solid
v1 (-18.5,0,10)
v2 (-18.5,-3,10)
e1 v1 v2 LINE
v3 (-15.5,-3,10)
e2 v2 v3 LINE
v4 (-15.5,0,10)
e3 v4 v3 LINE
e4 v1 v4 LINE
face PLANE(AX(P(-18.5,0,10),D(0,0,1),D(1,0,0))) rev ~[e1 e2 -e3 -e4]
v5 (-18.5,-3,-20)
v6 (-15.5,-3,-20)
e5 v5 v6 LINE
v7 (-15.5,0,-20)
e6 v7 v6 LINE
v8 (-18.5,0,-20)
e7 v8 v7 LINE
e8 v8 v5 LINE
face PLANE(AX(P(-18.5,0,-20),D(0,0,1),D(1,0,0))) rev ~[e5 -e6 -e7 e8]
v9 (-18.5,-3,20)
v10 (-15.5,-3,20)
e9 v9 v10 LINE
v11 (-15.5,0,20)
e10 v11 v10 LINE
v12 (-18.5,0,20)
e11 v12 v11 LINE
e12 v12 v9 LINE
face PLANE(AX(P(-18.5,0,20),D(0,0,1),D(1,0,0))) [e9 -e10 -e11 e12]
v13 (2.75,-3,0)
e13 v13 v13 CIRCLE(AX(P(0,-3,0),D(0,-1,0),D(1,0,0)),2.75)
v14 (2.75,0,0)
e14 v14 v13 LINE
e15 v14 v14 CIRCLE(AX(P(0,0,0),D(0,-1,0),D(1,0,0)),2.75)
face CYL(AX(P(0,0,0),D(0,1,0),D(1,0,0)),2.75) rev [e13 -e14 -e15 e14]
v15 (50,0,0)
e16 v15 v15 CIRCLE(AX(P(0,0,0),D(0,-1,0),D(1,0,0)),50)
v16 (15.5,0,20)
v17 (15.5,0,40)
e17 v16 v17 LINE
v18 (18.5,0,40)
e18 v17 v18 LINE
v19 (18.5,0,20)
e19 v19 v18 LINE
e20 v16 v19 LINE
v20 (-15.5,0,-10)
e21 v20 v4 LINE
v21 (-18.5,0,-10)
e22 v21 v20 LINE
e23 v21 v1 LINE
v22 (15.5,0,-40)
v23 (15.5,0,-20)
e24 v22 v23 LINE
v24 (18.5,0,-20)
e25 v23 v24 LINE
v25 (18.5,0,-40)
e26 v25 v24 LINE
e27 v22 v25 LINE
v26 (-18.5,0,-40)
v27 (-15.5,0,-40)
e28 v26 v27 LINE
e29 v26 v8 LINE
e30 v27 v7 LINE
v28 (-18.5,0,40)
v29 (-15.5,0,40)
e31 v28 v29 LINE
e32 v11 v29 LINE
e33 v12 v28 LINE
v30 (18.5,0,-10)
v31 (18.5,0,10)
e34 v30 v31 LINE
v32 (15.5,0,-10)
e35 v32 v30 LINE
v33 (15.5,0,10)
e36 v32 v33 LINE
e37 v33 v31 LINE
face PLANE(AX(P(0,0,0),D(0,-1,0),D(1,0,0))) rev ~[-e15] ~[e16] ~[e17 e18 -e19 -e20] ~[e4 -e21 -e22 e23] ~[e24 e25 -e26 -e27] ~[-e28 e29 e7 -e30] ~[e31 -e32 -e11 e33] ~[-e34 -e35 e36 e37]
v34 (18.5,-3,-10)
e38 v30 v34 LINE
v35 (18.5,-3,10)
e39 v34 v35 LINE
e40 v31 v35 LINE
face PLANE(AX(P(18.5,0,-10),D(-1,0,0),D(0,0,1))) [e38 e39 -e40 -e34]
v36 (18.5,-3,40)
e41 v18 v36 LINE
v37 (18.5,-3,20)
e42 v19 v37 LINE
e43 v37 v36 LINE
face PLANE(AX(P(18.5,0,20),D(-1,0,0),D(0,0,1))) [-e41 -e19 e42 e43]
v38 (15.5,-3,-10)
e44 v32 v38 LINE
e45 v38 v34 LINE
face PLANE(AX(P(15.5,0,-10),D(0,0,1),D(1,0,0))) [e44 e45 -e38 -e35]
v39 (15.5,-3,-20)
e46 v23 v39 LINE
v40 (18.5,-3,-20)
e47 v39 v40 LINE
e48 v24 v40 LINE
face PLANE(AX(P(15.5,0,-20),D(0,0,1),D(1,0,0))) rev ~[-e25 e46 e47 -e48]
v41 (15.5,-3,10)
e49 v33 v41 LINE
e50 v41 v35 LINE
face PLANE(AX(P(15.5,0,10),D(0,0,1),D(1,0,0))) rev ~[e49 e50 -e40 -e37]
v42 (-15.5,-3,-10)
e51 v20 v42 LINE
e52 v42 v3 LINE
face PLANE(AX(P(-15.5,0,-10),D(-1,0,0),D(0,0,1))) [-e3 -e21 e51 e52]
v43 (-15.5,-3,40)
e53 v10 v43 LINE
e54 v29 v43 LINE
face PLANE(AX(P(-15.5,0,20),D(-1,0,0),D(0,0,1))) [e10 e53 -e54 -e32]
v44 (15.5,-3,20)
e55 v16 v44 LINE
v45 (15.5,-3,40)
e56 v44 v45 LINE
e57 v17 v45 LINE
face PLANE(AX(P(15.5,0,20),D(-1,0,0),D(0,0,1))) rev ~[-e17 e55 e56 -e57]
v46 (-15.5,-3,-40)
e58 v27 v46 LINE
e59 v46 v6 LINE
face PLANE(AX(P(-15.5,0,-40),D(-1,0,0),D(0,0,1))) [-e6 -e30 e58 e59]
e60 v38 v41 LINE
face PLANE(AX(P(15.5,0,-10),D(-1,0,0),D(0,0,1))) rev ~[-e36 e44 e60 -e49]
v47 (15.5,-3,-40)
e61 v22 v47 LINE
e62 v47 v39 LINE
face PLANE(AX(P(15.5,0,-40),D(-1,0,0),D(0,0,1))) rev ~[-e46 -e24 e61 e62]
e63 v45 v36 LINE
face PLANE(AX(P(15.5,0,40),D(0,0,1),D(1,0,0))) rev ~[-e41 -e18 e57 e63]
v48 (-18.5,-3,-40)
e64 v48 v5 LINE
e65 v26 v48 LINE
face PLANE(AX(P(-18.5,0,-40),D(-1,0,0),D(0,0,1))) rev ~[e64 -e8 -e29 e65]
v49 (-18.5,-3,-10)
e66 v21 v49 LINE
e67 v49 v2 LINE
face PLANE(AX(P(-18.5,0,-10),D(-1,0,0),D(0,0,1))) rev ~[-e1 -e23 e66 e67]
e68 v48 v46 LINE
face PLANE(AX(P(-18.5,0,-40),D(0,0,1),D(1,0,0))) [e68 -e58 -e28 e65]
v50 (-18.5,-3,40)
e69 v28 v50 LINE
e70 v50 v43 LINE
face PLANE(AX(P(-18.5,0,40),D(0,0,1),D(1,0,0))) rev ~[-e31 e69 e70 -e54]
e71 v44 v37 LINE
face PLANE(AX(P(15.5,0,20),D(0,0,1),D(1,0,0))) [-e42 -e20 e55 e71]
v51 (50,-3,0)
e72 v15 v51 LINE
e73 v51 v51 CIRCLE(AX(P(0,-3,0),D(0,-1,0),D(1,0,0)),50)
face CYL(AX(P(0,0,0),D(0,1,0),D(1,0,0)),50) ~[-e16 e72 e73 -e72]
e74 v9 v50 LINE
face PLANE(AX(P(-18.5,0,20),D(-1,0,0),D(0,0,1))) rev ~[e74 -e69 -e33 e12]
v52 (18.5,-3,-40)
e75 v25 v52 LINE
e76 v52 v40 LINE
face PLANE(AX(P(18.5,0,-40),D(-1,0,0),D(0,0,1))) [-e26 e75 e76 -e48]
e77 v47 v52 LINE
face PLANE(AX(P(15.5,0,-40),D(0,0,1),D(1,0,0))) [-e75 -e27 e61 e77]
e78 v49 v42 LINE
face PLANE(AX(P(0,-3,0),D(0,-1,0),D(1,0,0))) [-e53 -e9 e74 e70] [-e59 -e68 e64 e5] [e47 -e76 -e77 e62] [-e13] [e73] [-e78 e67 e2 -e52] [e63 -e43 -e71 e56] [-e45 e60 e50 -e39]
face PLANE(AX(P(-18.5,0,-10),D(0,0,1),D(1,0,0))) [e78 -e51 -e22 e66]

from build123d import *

# Parameters (mm, degrees)
F0_R     = 50
F0_W     = 3
F0_H     = 20
F0_R_2   = 2.75
F1_DEPTH = 3


with BuildPart() as f1:
    # F0 (on Front) → F1 (new body)
    with BuildSketch(Plane.XZ):
        Circle(F0_R)
        with Locations((-17, -30)):
            Rectangle(F0_W, F0_H, mode=Mode.SUBTRACT)
        with Locations((17, -30)):
            Rectangle(F0_W, F0_H, mode=Mode.SUBTRACT)
        with Locations((-17, 0)):
            Rectangle(F0_W, F0_H, mode=Mode.SUBTRACT)
        with Locations((-17, 30)):
            Rectangle(F0_W, F0_H, mode=Mode.SUBTRACT)
        Circle(F0_R_2, mode=Mode.SUBTRACT)
        with Locations((17, 0)):
            Rectangle(F0_W, F0_H, mode=Mode.SUBTRACT)
        with Locations((17, 30)):
            Rectangle(F0_W, F0_H, mode=Mode.SUBTRACT)
    extrude(amount=F1_DEPTH)


solid = f1.part
